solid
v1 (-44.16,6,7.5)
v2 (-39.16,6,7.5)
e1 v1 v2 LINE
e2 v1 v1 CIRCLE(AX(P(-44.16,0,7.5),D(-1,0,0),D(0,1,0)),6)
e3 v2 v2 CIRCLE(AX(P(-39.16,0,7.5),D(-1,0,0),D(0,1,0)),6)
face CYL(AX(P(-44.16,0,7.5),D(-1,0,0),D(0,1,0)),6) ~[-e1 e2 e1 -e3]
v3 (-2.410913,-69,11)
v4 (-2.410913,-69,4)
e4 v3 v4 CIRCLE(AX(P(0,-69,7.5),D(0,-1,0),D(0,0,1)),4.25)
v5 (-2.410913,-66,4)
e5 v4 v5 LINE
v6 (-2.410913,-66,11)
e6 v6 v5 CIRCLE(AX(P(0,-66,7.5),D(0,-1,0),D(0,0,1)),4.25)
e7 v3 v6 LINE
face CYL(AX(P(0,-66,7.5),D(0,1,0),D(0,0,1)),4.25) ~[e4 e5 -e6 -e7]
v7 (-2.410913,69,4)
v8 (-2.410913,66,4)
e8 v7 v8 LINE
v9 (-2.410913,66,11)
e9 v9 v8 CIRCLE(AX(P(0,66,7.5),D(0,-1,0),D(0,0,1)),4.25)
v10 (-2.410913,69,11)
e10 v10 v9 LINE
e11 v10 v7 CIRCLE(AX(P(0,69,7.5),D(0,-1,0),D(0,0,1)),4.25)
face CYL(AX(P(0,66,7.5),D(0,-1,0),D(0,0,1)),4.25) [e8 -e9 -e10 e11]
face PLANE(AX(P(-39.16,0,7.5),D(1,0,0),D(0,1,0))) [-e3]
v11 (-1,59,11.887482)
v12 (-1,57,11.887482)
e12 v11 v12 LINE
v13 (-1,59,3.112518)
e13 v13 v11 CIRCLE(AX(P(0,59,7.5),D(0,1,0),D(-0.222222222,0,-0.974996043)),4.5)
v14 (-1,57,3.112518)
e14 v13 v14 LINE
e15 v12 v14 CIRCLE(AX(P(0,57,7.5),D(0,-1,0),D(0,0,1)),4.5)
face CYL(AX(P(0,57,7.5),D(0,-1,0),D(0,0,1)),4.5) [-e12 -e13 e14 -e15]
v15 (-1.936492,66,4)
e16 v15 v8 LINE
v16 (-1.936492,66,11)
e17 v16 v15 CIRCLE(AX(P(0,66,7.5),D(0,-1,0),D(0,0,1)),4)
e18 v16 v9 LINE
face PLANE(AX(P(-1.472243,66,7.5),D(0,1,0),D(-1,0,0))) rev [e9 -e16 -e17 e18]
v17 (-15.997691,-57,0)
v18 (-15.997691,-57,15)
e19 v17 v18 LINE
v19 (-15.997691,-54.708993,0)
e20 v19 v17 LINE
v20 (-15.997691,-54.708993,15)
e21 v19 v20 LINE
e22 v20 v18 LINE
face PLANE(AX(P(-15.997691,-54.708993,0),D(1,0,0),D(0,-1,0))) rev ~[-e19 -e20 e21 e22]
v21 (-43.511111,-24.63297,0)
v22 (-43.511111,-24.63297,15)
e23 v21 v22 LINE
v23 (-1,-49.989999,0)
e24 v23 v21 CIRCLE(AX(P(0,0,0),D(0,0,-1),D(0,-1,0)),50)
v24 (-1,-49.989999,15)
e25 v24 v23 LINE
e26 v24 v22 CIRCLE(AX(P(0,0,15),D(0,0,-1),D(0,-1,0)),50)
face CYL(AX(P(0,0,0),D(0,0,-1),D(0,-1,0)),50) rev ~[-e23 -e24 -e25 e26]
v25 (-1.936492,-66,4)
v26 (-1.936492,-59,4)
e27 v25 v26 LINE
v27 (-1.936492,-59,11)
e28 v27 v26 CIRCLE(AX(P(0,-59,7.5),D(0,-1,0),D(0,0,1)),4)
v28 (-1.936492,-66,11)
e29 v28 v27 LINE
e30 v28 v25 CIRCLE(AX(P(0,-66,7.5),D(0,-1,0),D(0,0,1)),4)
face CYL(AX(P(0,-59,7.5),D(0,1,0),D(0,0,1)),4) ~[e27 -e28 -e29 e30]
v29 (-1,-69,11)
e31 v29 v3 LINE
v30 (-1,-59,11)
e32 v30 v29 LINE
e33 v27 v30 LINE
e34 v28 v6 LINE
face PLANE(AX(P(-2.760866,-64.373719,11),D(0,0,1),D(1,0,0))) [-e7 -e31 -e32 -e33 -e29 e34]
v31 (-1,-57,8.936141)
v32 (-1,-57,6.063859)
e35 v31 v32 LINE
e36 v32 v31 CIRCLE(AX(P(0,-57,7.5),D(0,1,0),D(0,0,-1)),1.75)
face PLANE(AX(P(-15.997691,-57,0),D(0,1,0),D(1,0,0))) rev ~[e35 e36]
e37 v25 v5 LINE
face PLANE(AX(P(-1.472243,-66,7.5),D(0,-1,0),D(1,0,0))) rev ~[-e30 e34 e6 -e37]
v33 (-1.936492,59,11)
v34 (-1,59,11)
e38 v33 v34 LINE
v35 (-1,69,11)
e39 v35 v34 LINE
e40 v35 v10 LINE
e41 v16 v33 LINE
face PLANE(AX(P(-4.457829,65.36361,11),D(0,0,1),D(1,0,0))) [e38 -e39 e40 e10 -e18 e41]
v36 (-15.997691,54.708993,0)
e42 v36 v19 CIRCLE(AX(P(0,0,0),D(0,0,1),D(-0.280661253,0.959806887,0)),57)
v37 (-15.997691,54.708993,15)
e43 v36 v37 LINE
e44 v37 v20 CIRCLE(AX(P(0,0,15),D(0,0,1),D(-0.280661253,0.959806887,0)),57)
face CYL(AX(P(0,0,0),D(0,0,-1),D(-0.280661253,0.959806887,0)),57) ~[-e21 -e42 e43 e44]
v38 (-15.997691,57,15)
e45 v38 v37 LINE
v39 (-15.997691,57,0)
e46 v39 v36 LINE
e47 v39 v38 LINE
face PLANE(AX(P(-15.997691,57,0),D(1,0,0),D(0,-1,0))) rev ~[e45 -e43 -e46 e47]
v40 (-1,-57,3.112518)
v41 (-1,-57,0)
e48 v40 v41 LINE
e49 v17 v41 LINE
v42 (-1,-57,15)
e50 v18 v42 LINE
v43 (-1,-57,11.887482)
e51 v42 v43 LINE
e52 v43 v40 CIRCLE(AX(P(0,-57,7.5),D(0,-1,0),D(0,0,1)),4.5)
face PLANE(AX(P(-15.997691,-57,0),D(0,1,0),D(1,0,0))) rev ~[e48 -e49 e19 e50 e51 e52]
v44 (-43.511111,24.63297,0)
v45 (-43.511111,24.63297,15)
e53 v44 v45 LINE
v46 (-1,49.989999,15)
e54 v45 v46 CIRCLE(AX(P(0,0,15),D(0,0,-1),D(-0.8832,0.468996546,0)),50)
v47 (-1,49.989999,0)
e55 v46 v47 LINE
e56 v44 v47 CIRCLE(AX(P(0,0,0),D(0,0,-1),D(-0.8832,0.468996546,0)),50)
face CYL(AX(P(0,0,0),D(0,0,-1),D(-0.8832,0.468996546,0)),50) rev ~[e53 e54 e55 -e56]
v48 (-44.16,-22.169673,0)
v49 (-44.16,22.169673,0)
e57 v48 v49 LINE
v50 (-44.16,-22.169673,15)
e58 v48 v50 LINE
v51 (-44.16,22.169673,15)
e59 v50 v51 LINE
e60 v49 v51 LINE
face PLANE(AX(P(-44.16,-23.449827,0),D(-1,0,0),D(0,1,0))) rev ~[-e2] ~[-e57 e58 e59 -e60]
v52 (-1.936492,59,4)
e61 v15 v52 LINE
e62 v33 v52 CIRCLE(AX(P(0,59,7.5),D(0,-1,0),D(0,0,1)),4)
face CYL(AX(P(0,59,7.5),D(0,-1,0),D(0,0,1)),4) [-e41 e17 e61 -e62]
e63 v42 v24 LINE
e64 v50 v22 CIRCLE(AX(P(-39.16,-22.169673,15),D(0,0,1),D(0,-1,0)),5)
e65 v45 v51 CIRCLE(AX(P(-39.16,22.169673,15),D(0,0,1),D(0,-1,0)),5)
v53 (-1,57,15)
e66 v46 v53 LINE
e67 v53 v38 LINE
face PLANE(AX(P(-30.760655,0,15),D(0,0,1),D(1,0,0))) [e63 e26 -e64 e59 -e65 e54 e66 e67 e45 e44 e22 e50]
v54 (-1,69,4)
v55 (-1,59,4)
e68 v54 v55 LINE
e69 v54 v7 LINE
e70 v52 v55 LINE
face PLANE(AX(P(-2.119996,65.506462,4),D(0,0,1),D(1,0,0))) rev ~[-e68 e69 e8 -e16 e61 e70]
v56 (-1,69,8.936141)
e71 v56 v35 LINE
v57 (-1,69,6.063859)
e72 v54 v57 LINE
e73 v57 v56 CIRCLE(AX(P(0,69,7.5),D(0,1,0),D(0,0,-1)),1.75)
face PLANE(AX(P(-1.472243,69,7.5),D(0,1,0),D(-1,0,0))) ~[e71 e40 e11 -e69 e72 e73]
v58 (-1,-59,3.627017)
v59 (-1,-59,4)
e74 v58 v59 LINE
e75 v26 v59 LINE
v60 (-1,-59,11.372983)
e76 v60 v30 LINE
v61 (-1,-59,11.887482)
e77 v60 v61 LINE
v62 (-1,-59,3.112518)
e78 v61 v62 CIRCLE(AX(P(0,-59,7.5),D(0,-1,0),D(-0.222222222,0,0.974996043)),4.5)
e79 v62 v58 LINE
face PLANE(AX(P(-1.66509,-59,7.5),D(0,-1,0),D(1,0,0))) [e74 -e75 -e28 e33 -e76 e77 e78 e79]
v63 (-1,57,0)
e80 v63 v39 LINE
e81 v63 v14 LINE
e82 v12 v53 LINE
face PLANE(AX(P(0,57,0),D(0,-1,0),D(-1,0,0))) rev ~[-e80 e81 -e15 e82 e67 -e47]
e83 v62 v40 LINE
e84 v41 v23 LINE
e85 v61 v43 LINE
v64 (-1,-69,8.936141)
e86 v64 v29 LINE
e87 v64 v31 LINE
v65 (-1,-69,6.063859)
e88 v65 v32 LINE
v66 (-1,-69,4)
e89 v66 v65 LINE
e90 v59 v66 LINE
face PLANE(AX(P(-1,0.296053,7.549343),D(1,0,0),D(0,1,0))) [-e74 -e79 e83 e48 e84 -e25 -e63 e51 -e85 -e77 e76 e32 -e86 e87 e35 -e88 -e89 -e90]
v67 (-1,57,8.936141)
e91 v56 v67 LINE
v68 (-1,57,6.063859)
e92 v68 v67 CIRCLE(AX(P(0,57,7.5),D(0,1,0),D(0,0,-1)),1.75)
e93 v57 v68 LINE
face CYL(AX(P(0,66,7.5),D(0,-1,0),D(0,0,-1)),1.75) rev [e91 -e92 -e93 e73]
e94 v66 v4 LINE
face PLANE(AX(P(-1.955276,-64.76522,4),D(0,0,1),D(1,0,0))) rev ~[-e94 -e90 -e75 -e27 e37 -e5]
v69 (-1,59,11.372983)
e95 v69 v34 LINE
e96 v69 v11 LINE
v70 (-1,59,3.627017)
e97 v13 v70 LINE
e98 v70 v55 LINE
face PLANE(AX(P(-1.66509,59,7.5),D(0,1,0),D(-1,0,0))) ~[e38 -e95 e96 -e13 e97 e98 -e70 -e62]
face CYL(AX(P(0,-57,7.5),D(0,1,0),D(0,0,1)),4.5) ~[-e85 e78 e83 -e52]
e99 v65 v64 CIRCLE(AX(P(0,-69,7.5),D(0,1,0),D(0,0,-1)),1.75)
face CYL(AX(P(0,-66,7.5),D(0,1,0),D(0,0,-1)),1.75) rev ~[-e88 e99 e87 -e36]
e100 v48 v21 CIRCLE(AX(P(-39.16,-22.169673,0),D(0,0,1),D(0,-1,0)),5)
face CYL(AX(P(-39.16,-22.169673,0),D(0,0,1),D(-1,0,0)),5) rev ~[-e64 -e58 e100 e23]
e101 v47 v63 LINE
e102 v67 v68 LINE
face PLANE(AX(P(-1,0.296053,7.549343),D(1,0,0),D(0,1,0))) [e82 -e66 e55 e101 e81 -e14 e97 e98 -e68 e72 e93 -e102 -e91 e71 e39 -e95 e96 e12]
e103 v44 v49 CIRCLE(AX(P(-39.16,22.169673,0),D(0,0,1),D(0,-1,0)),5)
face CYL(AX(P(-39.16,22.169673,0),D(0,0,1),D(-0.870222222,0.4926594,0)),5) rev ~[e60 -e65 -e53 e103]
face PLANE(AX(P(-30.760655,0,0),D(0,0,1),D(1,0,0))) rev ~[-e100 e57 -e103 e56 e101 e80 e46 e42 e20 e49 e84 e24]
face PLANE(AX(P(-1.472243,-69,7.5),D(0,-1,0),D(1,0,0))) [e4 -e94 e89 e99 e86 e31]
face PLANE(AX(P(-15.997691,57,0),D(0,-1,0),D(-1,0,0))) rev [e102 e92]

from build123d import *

# Parameters (mm, degrees)
F1_DEPTH  = 15
F2_R      = 6
F3_DEPTH  = 5
F4_R      = 5
F6_DEPTH  = 2
F8_DEPTH  = 7
F10_DEPTH = 3
F11_DEPTH = 25
F13_W     = 146.8421146274
F13_H     = 28.1250011176
F14_DEPTH = 1
F15_W     = 11.3657170441
F15_H     = 11.5304403007
F15_W_2   = 13.3423628286
F15_H_2   = 13.0129233003
F16_DEPTH = 4
F17_W     = 19.5150814822
F17_H     = 12.7272193491
F17_W_2   = 18.9494257321
F17_H_2   = 10.7474377315
F18_DEPTH = 4


with BuildPart() as f1:
    # F0 (on Top) → F1 (new body)
    with BuildSketch(Plane.XY):
        with BuildLine():
            ThreePointArc((-44.16, 23.4498272915), (-25.7634298515, 42.8514373421), (0, 50))
            Line((0, 50), (0, 57))
            Line((0, 57), (-15.9976914198, 57))
            Line((-15.9976914198, 57), (-15.9976914198, 54.7089925811))
            ThreePointArc((-15.9976914198, 54.7089925811), (-57, 0), (-15.9976914198, -54.7089925811))
            Line((-15.9976914198, -54.7089925811), (-15.9976914198, -57))
            Line((-15.9976914198, -57), (0, -57))
            Line((0, -57), (0, -50))
            ThreePointArc((0, -50), (-25.7634298515, -42.8514373421), (-44.16, -23.4498272915))
            Line((-44.16, -23.4498272915), (-44.16, 23.4498272915))
        make_face()
    extrude(amount=F1_DEPTH)

    # F2 (on face) → F3 (join)
    with BuildSketch(Plane.YZ.offset(-44.16)):
        with Locations((0, 7.5)):
            Circle(F2_R)
    extrude(amount=F3_DEPTH)

    # F4
    f4_edges = [f1.edges().sort_by_distance(p)[0] for p in [
        (-44.16, 23.449827, 7.5),
        (-44.16, -23.449827, 7.5),
    ]]
    fillet(f4_edges, radius=F4_R)

    # F5 (on face) → F6 (join)
    with BuildSketch(Plane.XZ.offset(57)):
        with BuildLine():
            Line((0, 9.25), (0, 12))
            ThreePointArc((0, 12), (-4.5, 7.5), (0, 3))
            Line((0, 3), (0, 5.75))
            ThreePointArc((0, 5.75), (-1.75, 7.5), (0, 9.25))
        make_face()
    extrude(amount=F6_DEPTH)

    # F7 (on face) → F8 (join)
    with BuildSketch(Plane.XZ.offset(59)):
        with BuildLine():
            Line((0, 9.25), (0, 11.5))
            ThreePointArc((0, 11.5), (-4, 7.5), (0, 3.5))
            Line((0, 3.5), (0, 5.75))
            ThreePointArc((0, 5.75), (-1.75, 7.5), (0, 9.25))
        make_face()
    extrude(amount=F8_DEPTH)

    # F9 (on face) → F10 (join)
    with BuildSketch(Plane.XZ.offset(66)):
        with BuildLine():
            Line((0, 3.25), (0, 11.75))
            ThreePointArc((0, 11.75), (-4.25, 7.5), (0, 3.25))
        make_face()
    extrude(amount=F10_DEPTH)

    # F11 (cut): a face of the model
    f11_faces = [f1.faces().sort_by_distance(p)[0] for p in [
        (-0.7427230678, -66, 7.5),
    ]]
    extrude(f11_faces, amount=-F11_DEPTH, mode=Mode.SUBTRACT)

    # F12: F1 across plane


with BuildPart() as f1_1:
    add(f1.part)
    add(f1.part.mirror(Plane.XZ))

    # F13 (on Right) → F14 (cut)
    with BuildSketch(Plane.YZ):
        with Locations((0.2960525453, 7.5493426993)):
            Rectangle(F13_W, F13_H)
    extrude(amount=-F14_DEPTH, mode=Mode.SUBTRACT)

    # F15 (on Top) → F16 (cut)
    with BuildSketch(Plane.XY):
        with Locations((-1.9552764716, -64.7652201504)):
            Rectangle(F15_W, F15_H)
        with Locations((-2.1199961193, 65.5064616501)):
            Rectangle(F15_W_2, F15_H_2)
    extrude(amount=F16_DEPTH, mode=Mode.SUBTRACT)

    # F17 (on face) → F18 (cut)
    with BuildSketch(Plane.XY.offset(15)):
        with Locations((-4.4578294758, 65.3636096745)):
            Rectangle(F17_W, F17_H)
        with Locations((-2.7608656596, -64.3737188657)):
            Rectangle(F17_W_2, F17_H_2)
    extrude(amount=-F18_DEPTH, mode=Mode.SUBTRACT)


solid = f1_1.part
